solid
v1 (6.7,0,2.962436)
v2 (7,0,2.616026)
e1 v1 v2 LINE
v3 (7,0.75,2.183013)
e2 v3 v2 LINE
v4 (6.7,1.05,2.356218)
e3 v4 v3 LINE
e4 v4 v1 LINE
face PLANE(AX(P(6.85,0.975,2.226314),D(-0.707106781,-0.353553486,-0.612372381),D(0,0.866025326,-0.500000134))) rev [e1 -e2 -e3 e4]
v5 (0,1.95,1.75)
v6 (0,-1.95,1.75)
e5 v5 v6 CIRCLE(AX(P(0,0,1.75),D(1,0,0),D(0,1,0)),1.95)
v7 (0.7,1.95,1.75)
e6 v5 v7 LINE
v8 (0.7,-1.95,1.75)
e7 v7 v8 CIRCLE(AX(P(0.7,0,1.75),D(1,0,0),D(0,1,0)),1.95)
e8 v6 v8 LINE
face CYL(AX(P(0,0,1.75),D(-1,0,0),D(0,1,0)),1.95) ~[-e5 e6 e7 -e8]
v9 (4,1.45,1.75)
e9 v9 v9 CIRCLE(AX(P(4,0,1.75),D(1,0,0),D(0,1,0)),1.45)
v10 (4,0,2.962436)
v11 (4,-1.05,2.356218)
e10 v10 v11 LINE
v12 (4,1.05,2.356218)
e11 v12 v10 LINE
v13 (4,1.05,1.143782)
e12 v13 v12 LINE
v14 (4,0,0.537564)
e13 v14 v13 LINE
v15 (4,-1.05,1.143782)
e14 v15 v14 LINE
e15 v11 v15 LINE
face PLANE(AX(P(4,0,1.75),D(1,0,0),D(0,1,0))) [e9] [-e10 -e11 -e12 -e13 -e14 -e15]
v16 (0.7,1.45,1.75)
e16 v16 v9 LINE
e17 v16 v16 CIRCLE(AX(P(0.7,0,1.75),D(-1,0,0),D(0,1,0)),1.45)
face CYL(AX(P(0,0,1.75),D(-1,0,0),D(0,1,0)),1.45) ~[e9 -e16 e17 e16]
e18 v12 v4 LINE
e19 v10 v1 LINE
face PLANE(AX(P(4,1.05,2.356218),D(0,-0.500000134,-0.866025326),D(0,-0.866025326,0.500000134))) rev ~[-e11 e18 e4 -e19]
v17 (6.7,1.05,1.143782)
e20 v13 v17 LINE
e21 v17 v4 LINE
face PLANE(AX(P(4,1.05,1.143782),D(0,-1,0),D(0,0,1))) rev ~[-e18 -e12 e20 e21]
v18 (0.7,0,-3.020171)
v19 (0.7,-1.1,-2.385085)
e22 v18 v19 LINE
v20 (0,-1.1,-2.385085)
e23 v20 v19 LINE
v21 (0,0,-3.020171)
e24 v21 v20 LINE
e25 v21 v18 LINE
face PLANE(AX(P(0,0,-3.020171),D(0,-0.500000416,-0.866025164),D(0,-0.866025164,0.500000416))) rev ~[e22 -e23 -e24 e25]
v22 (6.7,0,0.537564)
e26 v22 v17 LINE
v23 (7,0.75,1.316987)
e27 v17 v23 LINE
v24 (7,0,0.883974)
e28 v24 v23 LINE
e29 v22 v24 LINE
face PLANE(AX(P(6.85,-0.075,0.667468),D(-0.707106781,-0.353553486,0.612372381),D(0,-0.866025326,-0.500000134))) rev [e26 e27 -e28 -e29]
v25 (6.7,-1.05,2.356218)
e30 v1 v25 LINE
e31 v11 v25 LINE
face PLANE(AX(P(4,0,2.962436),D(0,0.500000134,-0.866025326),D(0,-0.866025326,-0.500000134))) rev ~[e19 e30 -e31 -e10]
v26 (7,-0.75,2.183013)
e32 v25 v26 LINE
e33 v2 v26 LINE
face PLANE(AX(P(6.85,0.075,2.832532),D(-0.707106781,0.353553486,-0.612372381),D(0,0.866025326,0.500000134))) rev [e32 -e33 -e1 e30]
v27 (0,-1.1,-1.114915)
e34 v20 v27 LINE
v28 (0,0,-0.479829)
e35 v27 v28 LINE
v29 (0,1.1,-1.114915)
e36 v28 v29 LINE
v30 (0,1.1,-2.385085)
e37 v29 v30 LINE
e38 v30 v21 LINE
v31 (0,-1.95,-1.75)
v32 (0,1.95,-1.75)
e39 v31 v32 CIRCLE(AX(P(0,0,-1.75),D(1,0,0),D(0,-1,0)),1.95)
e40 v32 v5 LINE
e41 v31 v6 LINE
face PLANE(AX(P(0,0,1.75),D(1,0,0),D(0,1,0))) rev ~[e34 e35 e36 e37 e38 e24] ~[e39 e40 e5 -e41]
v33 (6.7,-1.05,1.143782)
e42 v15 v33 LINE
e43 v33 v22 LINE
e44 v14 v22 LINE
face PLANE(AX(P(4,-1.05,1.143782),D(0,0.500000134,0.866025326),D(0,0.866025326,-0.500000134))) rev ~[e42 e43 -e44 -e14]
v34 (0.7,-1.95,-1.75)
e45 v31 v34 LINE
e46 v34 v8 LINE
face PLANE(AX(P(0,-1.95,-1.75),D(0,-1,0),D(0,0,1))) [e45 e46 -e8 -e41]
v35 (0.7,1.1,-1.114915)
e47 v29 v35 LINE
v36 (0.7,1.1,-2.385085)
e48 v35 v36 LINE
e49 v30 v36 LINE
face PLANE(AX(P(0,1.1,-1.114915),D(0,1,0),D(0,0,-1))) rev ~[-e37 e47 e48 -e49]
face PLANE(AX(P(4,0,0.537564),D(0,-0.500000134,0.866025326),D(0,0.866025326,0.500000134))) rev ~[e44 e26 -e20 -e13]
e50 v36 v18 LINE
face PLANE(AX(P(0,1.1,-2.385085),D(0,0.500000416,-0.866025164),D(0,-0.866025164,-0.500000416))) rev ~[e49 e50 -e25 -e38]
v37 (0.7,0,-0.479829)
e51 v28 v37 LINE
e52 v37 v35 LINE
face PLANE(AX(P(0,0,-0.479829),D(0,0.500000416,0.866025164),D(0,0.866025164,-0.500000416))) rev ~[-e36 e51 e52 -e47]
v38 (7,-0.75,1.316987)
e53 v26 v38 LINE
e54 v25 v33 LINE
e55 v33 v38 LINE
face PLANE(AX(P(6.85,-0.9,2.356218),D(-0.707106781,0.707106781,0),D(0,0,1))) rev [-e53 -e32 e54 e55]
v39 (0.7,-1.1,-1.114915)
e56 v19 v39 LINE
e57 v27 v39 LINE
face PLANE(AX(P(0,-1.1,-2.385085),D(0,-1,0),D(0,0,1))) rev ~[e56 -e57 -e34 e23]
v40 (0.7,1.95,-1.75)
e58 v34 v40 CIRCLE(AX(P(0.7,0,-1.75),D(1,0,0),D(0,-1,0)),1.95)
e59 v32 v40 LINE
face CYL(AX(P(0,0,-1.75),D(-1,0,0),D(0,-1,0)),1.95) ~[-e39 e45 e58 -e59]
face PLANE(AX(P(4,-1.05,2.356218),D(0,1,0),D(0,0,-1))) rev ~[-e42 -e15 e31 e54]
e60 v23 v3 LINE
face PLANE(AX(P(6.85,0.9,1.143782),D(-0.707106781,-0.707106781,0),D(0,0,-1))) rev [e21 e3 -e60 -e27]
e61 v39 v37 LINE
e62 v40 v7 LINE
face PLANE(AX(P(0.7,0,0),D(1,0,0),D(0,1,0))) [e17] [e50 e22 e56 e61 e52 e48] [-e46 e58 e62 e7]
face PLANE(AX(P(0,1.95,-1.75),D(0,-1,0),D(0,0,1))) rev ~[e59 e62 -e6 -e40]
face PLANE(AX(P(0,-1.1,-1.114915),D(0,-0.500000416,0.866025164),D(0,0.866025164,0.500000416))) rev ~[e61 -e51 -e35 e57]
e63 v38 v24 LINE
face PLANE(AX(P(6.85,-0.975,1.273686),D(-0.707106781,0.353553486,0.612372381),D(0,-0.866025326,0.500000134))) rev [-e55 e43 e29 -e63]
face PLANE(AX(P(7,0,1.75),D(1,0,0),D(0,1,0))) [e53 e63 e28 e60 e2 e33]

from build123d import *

# Parameters (mm, degrees)
F0_W     = 3.9
F0_H     = 3.5
F1_DEPTH = 0.7
F2_R     = 1.45
F3_DEPTH = 4
F5_DEPTH = 3
F6_SIZE  = 0.3
F8_DEPTH = 0.7


with BuildPart() as f1:
    # F0 (on Right) → F1 (new body)
    with BuildSketch(Plane.YZ):
        Rectangle(F0_W, F0_H)
        with BuildLine():
            Line((-1.95, 1.75), (1.95, 1.75))
            ThreePointArc((1.95, 1.75), (0, 3.7), (-1.95, 1.75))
        make_face()
        with BuildLine():
            ThreePointArc((-1.95, -1.75), (0, -3.7), (1.95, -1.75))
            Line((1.95, -1.75), (-1.95, -1.75))
        make_face()
    extrude(amount=F1_DEPTH)

    # F2 (on Right) → F3 (join)
    with BuildSketch(Plane.YZ):
        with Locations((0, 1.75)):
            Circle(F2_R)
    extrude(amount=F3_DEPTH)

    # F4 (on face) → F5 (join)
    with BuildSketch(Plane.YZ.offset(4)):
        Polygon((1.05, 1.143782), (1.05, 2.356218), (0, 2.962436), (-1.05, 2.356218), (-1.05, 1.143782), (0, 0.537564), align=None)
    extrude(amount=F5_DEPTH)

    # F6
    f6_edges = [f1.edges().sort_by_distance(p)[0] for p in [
        (7, -0.525, 2.659327),
        (7, 0.525, 2.659327),
        (7, 1.05, 1.75),
        (7, 0.525, 0.840673),
        (7, -0.525, 0.840673),
        (7, -1.05, 1.75),
    ]]
    chamfer(f6_edges, length=F6_SIZE)

    # F7 (on face) → F8 (cut, through all)
    with BuildSketch(Plane(origin=(0, 0, 0), x_dir=(0, -1, 0), z_dir=(-1, 0, 0))):
        Polygon((1.1, -2.385085), (1.1, -1.114915), (0, -0.479829), (-1.1, -1.114915), (-1.1, -2.385085), (0, -3.020171), align=None)
    extrude(amount=-F8_DEPTH, mode=Mode.SUBTRACT)


solid = f1.part
